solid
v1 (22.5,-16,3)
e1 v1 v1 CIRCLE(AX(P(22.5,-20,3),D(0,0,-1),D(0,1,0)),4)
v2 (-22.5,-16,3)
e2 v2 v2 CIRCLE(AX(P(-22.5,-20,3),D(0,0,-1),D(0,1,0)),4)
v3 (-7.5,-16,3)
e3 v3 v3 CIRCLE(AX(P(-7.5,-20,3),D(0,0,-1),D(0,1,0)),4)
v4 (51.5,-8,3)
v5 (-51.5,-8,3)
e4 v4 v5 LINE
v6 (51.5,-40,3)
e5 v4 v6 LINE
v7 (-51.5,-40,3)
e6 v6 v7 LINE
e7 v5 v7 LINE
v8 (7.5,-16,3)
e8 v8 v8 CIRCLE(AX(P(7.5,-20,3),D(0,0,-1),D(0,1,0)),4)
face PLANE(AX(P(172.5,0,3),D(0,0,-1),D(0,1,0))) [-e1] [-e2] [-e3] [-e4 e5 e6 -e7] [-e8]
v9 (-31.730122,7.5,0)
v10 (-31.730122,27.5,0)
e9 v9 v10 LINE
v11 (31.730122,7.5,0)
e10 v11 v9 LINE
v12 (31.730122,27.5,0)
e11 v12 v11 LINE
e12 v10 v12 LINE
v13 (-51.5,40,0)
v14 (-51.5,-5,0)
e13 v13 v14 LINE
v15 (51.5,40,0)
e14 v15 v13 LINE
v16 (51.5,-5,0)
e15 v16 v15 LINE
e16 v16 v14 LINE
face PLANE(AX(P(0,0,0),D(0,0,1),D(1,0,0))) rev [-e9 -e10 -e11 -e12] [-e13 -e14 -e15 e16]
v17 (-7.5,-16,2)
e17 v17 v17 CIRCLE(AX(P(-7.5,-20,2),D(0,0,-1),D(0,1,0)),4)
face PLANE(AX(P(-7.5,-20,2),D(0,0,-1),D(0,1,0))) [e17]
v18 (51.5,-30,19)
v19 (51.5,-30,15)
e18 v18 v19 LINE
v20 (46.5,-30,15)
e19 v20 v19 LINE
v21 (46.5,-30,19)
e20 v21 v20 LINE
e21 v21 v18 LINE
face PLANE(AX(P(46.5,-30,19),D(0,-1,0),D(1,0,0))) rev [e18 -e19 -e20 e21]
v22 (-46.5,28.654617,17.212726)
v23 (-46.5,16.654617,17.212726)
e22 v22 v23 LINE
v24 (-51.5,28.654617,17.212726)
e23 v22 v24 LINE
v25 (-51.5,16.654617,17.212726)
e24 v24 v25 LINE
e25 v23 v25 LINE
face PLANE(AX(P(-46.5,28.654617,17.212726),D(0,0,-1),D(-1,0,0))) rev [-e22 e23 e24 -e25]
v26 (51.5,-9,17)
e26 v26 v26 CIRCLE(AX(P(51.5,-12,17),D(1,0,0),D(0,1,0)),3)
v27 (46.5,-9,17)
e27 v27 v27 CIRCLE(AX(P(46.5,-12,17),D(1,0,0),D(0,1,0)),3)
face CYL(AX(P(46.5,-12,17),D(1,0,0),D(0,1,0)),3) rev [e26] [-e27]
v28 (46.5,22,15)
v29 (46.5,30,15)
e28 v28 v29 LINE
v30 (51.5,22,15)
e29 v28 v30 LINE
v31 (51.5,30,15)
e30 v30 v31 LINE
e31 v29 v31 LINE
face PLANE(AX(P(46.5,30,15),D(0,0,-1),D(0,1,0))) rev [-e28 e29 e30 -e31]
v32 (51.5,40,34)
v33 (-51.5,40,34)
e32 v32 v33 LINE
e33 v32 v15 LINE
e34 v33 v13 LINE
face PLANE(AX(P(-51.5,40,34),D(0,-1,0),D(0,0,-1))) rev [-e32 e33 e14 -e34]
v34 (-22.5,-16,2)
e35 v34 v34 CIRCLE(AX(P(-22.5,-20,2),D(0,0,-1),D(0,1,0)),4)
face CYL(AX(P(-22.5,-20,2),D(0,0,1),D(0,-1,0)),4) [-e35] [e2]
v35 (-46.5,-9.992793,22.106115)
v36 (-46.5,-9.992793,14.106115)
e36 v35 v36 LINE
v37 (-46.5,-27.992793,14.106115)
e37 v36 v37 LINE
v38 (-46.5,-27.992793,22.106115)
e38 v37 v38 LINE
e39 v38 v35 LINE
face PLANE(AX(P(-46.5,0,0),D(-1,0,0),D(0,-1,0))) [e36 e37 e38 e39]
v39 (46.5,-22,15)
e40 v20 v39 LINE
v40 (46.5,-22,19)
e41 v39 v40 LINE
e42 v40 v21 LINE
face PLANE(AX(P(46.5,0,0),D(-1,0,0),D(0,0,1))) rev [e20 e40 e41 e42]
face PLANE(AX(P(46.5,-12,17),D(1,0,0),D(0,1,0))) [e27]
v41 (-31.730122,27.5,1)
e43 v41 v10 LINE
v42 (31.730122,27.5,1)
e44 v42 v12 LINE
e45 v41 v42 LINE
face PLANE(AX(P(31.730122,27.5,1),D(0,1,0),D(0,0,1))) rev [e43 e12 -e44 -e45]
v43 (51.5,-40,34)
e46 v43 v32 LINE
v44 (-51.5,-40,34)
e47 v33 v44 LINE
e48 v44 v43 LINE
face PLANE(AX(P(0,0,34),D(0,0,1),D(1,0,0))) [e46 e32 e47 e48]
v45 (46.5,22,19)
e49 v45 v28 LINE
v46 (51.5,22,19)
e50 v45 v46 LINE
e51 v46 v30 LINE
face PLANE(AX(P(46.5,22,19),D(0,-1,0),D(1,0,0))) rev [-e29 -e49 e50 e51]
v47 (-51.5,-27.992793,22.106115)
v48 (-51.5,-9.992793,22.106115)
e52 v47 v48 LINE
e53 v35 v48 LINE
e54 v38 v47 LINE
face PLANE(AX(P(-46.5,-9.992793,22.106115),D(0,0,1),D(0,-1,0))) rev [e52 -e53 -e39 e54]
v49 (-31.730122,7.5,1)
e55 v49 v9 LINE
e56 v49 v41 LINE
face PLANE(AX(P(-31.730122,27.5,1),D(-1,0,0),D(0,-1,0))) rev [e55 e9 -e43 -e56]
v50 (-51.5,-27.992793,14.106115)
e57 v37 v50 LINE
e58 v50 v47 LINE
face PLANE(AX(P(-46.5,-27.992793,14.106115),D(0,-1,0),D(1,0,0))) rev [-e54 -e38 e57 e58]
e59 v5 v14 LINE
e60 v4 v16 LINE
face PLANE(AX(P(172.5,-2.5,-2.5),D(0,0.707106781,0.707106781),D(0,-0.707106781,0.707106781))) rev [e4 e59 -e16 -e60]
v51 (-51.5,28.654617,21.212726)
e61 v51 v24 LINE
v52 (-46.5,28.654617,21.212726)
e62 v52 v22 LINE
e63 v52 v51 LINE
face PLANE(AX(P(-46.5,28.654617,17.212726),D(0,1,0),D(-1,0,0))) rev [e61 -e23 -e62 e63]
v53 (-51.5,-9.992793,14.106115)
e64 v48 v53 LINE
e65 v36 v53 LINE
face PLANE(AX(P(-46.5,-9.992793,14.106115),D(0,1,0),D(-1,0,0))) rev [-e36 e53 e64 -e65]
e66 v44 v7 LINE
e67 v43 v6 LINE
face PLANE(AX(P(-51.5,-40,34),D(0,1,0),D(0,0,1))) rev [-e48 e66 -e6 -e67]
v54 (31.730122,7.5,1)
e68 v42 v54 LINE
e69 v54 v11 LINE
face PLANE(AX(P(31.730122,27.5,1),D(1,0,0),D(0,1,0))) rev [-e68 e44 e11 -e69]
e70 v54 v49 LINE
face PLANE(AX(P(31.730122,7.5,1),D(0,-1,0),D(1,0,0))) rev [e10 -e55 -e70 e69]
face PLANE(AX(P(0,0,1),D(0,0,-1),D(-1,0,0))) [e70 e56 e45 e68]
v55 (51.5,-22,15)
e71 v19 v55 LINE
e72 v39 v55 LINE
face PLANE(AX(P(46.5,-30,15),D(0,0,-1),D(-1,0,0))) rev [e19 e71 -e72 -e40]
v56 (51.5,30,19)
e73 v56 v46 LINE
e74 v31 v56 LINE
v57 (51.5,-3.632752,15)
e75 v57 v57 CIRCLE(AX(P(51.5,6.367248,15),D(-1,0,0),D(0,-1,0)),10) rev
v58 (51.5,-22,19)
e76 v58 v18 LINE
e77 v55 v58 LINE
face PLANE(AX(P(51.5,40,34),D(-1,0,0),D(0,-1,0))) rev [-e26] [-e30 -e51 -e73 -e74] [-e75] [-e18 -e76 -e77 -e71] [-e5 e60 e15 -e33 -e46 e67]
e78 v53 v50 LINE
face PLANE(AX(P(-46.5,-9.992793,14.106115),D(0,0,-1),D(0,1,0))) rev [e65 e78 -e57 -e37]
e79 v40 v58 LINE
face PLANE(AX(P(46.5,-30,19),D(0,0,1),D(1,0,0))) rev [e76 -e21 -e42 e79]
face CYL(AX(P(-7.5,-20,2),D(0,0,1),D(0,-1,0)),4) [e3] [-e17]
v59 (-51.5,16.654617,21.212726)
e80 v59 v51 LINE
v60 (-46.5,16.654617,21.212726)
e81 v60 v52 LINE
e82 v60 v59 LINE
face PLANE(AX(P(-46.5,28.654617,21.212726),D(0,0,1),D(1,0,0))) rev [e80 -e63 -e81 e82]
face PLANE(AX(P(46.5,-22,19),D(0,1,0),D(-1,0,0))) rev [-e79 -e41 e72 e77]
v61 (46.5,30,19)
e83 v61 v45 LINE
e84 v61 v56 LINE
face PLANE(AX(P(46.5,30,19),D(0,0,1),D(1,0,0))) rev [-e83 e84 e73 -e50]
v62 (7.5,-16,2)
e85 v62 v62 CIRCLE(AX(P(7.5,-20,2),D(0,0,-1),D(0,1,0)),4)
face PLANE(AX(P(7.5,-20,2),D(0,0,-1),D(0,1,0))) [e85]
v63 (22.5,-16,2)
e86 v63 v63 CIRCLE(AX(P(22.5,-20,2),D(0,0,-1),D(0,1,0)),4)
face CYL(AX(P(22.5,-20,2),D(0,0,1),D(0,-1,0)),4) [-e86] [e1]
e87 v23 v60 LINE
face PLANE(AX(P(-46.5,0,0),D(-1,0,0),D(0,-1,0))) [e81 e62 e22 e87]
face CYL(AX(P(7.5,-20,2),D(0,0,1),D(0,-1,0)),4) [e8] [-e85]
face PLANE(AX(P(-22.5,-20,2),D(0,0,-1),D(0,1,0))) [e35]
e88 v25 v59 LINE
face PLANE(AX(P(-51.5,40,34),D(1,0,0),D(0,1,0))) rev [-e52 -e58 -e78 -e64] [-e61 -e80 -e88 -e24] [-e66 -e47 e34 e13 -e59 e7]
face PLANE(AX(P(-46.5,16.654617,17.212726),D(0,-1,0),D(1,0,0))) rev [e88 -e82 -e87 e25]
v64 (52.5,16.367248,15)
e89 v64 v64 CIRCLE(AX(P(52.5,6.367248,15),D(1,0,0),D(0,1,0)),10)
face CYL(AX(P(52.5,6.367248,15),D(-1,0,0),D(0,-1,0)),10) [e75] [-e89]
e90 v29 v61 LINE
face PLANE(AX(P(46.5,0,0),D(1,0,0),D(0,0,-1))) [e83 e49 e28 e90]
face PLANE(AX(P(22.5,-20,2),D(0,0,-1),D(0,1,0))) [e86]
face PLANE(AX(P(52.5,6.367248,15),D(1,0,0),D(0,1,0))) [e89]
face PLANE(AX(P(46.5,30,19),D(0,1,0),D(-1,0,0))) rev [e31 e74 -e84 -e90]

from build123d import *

# Parameters (mm, degrees)
ESQUISSE1_W             = 103
ESQUISSE1_H             = 80
BOSS_EXTRU_1_DEPTH      = 34
ENL_V_MAT_EXTRU_2_DEPTH = 224
ESQUISSE3_W             = 63.460243042
ESQUISSE3_H             = 20
ENL_V_MAT_EXTRU_3_DEPTH = 1
ESQUISSE4_R             = 4
BOSS_EXTRU_2_DEPTH      = 1
ESQUISSE5_R             = 3
ESQUISSE5_W             = 4
ESQUISSE5_H             = 8
ENL_V_MAT_EXTRU_4_DEPTH = 5
ESQUISSE6_R             = 10
BOSS_EXTRU_3_DEPTH      = 1
ESQUISSE7_W             = 8
ESQUISSE7_H             = 18
ESQUISSE7_W_2           = 4
ESQUISSE7_H_2           = 12
ENL_V_MAT_EXTRU_5_DEPTH = 5


with BuildPart() as part:
    # Esquisse1 → Boss.-Extru.1 (new body)
    with BuildSketch(Plane.XY):
        Rectangle(ESQUISSE1_W, ESQUISSE1_H)
    extrude(amount=BOSS_EXTRU_1_DEPTH)

    # Esquisse2 → Enlèv. mat.-Extru.2 (cut)
    with BuildSketch(Plane.ZY.offset(51.5)):
        Polygon((3, -8), (0, -5), (0, -40), (3, -40), (3, -37), align=None)
    extrude(amount=-ENL_V_MAT_EXTRU_2_DEPTH, mode=Mode.SUBTRACT)

    # Esquisse3 → Enlèv. mat.-Extru.3 (cut)
    with BuildSketch(Plane(origin=(0, 0, 0), x_dir=(-1, 0, 0), z_dir=(0, 0, -1))):
        with Locations((0, 17.5)):
            Rectangle(ESQUISSE3_W, ESQUISSE3_H)
    extrude(amount=-ENL_V_MAT_EXTRU_3_DEPTH, mode=Mode.SUBTRACT)

    # Esquisse4 → Boss.-Extru.2 (add)
    with BuildSketch(Plane(origin=(0, 0, 3), x_dir=(-1, 0, 0), z_dir=(0, 0, -1))):
        with Locations((-7.5, -20)):
            Circle(ESQUISSE4_R)
        with Locations((-22.5, -20)):
            Circle(ESQUISSE4_R)
        with Locations((7.5, -20)):
            Circle(ESQUISSE4_R)
        with Locations((22.5, -20)):
            Circle(ESQUISSE4_R)
    extrude(amount=BOSS_EXTRU_2_DEPTH)

    # Esquisse5 → Enlèv. mat.-Extru.4 (cut)
    with BuildSketch(Plane(origin=(51.5, 0, 0), x_dir=(0, 0, -1), z_dir=(1, 0, 0))):
        with Locations((-17, -12)):
            Circle(ESQUISSE5_R)
        with Locations((-17, 26)):
            Rectangle(ESQUISSE5_W, ESQUISSE5_H)
        with Locations((-17, -26)):
            Rectangle(ESQUISSE5_W, ESQUISSE5_H)
    extrude(amount=-ENL_V_MAT_EXTRU_4_DEPTH, mode=Mode.SUBTRACT)

    # Esquisse6 → Boss.-Extru.3 (add)
    with BuildSketch(Plane(origin=(51.5, 0, 0), x_dir=(0, 0, -1), z_dir=(1, 0, 0))):
        with Locations((-15, 6.367248466)):
            Circle(ESQUISSE6_R)
    extrude(amount=BOSS_EXTRU_3_DEPTH)

    # Esquisse7 → Enlèv. mat.-Extru.5 (cut)
    with BuildSketch(Plane.ZY.offset(51.5)):
        with Locations((18.106114865, -18.992792822)):
            Rectangle(ESQUISSE7_W, ESQUISSE7_H)
        with Locations((19.212725932, 22.654616942)):
            Rectangle(ESQUISSE7_W_2, ESQUISSE7_H_2)
    extrude(amount=-ENL_V_MAT_EXTRU_5_DEPTH, mode=Mode.SUBTRACT)


solid = part.part
